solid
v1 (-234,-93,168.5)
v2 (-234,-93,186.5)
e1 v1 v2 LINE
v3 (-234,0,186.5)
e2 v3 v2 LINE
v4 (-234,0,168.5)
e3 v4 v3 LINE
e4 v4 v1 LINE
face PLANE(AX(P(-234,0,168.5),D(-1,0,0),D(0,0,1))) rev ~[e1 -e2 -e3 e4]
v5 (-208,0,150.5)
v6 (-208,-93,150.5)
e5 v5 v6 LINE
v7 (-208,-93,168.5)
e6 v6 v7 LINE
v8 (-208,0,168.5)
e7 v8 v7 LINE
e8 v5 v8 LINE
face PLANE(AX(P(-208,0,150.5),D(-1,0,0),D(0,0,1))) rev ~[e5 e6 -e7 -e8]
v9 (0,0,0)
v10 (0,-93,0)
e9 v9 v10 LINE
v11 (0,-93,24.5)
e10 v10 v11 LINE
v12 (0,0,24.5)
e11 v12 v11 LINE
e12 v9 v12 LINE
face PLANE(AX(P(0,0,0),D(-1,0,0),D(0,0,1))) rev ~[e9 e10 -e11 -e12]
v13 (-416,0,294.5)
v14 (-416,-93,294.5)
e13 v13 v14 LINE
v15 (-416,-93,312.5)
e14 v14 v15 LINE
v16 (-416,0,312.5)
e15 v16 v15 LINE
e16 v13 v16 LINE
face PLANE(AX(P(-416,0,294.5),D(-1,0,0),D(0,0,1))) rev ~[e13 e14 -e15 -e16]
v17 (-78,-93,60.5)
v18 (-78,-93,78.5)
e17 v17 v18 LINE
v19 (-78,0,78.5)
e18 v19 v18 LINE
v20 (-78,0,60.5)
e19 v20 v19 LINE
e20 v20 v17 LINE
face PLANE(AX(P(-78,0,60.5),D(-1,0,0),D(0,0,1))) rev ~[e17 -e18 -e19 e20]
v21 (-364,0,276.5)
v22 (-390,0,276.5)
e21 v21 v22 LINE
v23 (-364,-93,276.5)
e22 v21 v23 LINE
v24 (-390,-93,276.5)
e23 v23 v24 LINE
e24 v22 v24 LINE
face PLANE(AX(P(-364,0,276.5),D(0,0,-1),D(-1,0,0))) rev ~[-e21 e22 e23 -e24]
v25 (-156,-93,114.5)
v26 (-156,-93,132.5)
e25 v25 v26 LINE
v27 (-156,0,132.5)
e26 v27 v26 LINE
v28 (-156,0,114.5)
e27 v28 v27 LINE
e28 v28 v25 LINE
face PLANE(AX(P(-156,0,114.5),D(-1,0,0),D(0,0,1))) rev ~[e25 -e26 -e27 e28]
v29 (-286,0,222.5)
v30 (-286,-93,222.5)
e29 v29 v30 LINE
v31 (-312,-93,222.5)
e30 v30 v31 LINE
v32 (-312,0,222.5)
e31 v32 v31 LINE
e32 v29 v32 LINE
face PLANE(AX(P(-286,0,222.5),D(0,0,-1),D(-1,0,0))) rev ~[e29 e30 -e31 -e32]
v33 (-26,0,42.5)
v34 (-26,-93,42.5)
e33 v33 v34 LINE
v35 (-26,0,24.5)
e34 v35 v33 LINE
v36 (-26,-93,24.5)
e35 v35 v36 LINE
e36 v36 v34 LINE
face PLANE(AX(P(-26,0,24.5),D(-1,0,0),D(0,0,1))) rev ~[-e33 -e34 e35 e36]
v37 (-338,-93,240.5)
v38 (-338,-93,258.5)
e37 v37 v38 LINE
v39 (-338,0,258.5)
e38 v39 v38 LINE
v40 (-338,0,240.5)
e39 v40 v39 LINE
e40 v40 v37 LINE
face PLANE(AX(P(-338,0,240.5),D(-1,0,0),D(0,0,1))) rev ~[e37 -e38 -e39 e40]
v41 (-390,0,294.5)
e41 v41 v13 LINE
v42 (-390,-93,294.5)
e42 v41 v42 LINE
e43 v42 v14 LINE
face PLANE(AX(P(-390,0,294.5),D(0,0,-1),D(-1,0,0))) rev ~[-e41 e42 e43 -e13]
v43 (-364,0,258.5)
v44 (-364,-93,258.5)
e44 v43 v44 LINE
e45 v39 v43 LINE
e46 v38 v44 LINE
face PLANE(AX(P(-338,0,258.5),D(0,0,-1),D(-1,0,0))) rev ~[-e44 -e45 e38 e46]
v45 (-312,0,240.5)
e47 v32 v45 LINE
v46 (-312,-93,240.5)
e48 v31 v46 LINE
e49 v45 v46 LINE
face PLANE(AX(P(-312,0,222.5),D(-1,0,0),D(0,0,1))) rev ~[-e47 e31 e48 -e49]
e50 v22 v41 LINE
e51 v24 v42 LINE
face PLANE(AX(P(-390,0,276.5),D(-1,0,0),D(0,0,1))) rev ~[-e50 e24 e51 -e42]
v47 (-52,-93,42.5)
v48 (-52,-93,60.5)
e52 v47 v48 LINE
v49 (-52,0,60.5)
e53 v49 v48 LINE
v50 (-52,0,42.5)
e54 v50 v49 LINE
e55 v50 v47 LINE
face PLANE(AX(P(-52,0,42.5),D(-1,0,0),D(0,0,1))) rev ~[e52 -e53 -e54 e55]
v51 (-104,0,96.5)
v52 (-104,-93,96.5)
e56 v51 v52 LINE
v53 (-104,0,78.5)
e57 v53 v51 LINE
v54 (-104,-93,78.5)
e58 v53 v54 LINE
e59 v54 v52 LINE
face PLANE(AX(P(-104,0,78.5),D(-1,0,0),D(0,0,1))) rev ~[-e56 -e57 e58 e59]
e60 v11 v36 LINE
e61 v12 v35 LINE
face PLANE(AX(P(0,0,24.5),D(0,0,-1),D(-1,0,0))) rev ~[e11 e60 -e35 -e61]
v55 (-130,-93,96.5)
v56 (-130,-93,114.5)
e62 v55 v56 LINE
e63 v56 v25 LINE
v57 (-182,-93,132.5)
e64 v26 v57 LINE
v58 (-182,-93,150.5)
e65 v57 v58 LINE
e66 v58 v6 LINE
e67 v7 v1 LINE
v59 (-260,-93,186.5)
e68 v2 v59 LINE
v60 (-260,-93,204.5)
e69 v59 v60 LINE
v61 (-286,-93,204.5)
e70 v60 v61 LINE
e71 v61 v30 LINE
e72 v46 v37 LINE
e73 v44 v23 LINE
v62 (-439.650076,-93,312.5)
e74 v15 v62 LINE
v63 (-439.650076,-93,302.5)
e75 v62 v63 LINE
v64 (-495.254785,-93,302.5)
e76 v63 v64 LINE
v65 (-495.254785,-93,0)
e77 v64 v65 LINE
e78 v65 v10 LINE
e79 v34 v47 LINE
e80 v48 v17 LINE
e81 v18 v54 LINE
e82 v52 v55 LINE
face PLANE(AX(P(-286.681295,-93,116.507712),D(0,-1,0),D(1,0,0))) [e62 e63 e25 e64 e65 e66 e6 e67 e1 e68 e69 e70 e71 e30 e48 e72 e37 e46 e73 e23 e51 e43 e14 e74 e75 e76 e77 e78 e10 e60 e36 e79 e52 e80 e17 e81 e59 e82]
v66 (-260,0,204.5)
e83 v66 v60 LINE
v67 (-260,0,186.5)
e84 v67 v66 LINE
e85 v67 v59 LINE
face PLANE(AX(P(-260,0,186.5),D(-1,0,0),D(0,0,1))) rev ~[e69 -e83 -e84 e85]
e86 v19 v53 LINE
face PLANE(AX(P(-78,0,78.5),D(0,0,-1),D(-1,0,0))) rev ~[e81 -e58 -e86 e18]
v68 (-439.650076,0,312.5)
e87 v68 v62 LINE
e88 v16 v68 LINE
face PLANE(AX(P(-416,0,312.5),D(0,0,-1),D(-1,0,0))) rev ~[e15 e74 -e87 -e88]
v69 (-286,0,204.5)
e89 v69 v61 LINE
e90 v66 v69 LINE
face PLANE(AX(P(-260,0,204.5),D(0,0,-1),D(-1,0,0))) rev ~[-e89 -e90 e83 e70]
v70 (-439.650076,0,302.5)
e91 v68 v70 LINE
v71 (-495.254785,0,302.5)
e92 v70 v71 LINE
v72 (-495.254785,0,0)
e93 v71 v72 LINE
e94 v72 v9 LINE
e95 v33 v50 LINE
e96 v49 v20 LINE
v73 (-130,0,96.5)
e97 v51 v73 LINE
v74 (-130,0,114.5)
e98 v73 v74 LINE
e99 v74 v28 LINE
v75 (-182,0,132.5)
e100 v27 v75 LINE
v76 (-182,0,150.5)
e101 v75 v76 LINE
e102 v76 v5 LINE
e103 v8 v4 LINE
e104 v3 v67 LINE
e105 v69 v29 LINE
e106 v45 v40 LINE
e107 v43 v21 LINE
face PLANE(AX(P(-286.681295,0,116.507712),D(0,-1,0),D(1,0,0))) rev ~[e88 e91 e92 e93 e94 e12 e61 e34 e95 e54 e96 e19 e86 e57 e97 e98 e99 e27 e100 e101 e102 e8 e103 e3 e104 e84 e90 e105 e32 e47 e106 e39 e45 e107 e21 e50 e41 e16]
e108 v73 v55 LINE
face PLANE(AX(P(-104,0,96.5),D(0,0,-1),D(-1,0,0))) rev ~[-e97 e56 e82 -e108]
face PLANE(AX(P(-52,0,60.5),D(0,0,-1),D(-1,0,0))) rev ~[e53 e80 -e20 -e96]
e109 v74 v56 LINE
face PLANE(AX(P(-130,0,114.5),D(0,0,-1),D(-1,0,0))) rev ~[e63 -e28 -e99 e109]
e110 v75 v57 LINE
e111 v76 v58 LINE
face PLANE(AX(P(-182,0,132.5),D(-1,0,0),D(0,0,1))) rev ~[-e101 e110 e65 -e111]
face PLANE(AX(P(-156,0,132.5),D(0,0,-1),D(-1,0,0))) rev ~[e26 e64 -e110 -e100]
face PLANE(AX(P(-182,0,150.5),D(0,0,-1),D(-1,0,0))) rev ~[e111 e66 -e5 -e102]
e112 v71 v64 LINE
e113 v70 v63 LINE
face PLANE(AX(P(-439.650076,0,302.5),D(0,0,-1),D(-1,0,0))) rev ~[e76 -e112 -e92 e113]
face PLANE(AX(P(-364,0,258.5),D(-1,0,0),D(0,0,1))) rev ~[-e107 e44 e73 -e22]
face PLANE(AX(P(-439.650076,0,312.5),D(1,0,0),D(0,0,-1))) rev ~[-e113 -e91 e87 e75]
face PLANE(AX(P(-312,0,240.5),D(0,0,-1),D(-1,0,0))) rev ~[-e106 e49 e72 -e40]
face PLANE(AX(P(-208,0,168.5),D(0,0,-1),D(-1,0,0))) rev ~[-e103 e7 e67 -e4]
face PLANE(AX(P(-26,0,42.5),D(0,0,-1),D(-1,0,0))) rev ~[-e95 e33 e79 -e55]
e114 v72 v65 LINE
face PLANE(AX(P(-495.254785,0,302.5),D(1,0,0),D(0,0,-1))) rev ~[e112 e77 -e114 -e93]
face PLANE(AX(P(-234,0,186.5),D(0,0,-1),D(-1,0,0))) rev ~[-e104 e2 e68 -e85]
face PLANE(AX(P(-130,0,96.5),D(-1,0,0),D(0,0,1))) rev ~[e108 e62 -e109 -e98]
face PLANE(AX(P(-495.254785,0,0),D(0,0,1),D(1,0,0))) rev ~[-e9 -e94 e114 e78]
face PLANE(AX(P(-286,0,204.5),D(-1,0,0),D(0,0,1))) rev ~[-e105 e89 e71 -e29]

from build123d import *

# Parameters (mm, degrees)
F1_DEPTH = 93


with BuildPart() as f1:
    # F0 (on Front) → F1 (new body)
    with BuildSketch(Plane.XZ):
        Polygon((-495.254785, 0), (0, 0), (0, 9), (0, 24.5), (-26, 24.5), (-26, 42.5), (-52, 42.5), (-52, 60.5), (-78, 60.5), (-78, 78.5), (-104, 78.5), (-104, 96.5), (-130, 96.5), (-130, 114.5), (-156, 114.5), (-156, 132.5), (-182, 132.5), (-182, 150.5), (-208, 150.5), (-208, 168.5), (-234, 168.5), (-234, 186.5), (-260, 186.5), (-260, 204.5), (-286, 204.5), (-286, 222.5), (-312, 222.5), (-312, 240.5), (-338, 240.5), (-338, 258.5), (-364, 258.5), (-364, 276.5), (-390, 276.5), (-390, 294.5), (-416, 294.5), (-416, 312.5), (-439.650076, 312.5), (-439.650076, 302.5), (-495.254785, 302.5), align=None)
    extrude(amount=F1_DEPTH)


solid = f1.part
